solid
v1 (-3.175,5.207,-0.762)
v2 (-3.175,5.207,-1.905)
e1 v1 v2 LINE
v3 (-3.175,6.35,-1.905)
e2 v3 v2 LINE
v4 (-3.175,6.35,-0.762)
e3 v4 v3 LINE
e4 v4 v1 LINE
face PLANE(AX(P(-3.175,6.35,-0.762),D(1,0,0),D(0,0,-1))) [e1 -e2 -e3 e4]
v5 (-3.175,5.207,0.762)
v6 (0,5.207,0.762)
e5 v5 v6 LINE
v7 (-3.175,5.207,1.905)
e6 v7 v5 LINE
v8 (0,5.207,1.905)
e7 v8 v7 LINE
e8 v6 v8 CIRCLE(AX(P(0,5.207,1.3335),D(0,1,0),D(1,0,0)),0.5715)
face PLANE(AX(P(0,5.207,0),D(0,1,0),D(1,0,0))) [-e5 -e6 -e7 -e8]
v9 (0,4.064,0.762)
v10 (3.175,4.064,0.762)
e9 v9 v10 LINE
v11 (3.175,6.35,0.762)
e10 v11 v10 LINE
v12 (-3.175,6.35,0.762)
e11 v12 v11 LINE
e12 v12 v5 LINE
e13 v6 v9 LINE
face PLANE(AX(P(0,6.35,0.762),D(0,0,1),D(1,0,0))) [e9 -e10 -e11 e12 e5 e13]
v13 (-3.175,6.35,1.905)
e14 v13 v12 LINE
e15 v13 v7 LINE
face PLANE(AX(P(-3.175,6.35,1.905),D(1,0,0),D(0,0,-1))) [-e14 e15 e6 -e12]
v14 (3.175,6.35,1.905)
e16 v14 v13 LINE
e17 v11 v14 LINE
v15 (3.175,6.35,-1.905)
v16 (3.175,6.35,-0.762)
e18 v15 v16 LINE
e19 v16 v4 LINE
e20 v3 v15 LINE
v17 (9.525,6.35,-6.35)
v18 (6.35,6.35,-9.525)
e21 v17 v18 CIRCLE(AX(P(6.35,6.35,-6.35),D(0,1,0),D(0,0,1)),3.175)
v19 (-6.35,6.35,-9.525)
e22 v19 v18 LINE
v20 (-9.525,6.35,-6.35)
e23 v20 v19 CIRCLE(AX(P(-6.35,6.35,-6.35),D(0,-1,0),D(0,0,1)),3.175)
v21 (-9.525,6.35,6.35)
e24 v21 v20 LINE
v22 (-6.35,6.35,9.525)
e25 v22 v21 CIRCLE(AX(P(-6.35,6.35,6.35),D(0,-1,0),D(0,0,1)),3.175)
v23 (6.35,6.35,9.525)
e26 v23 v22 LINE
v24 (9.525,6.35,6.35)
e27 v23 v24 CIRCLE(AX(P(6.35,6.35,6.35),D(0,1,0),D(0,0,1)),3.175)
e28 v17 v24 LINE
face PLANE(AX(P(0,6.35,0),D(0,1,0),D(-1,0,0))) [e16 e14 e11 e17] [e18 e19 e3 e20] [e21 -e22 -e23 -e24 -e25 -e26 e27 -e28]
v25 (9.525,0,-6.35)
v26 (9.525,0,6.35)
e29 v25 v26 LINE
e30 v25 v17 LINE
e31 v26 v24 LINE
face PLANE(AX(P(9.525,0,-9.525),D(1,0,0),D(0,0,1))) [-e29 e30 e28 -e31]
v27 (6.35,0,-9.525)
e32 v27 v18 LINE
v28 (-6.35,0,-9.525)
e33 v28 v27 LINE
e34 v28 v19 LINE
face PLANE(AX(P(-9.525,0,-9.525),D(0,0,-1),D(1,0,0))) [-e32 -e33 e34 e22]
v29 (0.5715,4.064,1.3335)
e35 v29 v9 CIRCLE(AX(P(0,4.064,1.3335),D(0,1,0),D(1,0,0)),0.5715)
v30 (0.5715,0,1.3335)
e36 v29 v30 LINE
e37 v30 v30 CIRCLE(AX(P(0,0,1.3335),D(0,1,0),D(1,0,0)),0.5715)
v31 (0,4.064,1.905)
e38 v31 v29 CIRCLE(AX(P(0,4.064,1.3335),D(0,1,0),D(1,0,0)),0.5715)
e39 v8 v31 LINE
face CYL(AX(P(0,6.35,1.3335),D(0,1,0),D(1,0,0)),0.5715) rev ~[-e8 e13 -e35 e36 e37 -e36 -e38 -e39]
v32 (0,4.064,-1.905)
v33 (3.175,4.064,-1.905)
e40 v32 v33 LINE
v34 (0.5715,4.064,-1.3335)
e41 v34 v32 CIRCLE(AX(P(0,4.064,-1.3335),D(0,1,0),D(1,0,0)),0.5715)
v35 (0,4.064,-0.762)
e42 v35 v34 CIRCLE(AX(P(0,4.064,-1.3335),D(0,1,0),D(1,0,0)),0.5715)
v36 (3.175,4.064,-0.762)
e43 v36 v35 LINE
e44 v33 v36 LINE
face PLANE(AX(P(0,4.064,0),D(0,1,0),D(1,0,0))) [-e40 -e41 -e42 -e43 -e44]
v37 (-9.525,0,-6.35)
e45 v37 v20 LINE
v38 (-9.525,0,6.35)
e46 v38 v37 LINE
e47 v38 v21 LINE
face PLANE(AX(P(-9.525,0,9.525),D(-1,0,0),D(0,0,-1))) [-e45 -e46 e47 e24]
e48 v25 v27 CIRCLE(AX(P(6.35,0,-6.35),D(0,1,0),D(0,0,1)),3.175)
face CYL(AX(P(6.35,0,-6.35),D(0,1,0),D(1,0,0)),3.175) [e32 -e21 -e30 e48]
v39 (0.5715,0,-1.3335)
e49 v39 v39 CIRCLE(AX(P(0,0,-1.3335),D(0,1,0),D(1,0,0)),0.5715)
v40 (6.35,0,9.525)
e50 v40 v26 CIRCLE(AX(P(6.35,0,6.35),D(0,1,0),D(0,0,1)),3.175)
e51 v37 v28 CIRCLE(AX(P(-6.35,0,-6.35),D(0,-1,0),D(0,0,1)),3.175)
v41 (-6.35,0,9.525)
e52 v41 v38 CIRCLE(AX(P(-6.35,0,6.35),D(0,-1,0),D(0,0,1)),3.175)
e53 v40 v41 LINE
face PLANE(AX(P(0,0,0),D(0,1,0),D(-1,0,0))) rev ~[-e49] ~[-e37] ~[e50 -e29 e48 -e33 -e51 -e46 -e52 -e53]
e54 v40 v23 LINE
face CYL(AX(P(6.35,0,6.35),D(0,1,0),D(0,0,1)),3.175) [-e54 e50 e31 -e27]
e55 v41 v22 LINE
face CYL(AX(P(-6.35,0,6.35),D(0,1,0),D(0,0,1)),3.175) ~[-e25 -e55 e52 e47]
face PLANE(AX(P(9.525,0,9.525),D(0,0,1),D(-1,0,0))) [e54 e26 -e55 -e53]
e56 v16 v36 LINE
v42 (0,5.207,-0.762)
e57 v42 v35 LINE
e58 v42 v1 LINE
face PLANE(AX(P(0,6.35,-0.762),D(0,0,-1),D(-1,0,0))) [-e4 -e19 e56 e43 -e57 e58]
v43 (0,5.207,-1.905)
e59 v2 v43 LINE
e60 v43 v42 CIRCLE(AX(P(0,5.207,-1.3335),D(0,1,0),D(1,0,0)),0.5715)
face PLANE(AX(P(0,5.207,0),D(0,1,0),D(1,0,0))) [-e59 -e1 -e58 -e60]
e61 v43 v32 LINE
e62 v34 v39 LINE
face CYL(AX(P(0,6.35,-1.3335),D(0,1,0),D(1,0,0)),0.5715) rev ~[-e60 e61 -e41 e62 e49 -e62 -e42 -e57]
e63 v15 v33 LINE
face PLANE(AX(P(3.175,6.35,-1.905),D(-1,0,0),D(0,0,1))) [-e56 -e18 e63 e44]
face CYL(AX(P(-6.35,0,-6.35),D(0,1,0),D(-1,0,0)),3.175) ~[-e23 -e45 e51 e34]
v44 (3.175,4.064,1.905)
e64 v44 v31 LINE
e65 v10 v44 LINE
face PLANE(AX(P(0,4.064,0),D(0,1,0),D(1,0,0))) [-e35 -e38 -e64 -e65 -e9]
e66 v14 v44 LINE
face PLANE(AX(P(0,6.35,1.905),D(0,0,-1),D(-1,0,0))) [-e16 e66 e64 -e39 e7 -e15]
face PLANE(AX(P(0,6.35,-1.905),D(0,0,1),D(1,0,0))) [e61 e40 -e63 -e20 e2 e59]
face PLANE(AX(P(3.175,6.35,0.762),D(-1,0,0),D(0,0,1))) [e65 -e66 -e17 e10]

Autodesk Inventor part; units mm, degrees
ref_plane "YZ Plane" through (0, 0, 0) normal (1, 0, 0) x (0, 1, 0)
ref_plane "XZ Plane" through (0, 0, 0) normal (0, 1, 0) x (-1, 0, 0)
ref_plane "XY Plane" through (0, 0, 0) normal (0, 0, 1) x (1, 0, 0)
sketch "Sketch1" plane through (0, 0, 0) normal (0, 1, 0) x (-1, 0, 0)
  line L0 (-9.525, 9.525) -> (9.525, 9.525)
  line L1 (9.525, 9.525) -> (9.525, -9.525)
  line L2 (9.525, -9.525) -> (-9.525, -9.525)
  line L3 (-9.525, -9.525) -> (-9.525, 9.525)
  point P0 (0, 0)
  dimension "d0" = 19.05
  dimension "d1" = 19.05
  dimension "d2" = 9.525
  dimension "d3" = 9.525
extrude "Extrusion1" add sketch "Sketch1" along normal blind 6.35
sketch "Sketch2" plane through (0, 6.35, 0) normal (0, 1, 0) x (1, 0, 0)
  line L0 (-3.175, 1.905) -> (3.175, 1.905)
  line L1 (3.175, 1.905) -> (3.175, 0.762)
  line L2 (3.175, 0.762) -> (-3.175, 0.762)
  line L3 (-3.175, 0.762) -> (-3.175, 1.905)
  line L4 (-3.175, -0.762) -> (3.175, -0.762)
  line L5 (3.175, -0.762) -> (3.175, -1.905)
  line L6 (3.175, -1.905) -> (-3.175, -1.905)
  line L7 (-3.175, -1.905) -> (-3.175, -0.762)
  line L8 (0, 1.905) -> (0, 0.762)
  line L9 (0, -1.905) -> (0, -0.762)
  point P0 (0, 0)
  dimension "d6" = 6.35
  dimension "d7" = 1.143
  dimension "d8" = 3.175
  dimension "d11" = 1.524
  dimension "d12" = 0.762
  dimension "d13" = 6.35
  dimension "d14" = 1.143
extrude "Extrusion2" cut sketch "Sketch2" against normal blind 1.143 contours L0 L8 L2 L3 | L4 L9 L6 L7
extrude "Extrusion3" cut sketch "Sketch2" against normal blind 2.286 contours L0 L1 L2 L8 | L4 L5 L6 L9
sketch "Sketch3" plane through (0, 6.35, 0) normal (0, 1, 0) x (1, 0, 0)
  line L0 (0, -0.762) -> (0, -1.905) projected
  circle A0 centre (0, -1.3335) radius 0.5715
  line L1 (0, 0.762) -> (0, 1.905) projected
  circle A1 centre (0, 1.3335) radius 0.5715
  point P0 (0, 0)
extrude "Extrusion4" cut sketch "Sketch3" against normal through all
fillet "Fillet1" radius 3.175 4 edges at (-9.525, 3.175, 9.525) (9.525, 3.175, 9.525) (9.525, 3.175, -9.525) (-9.525, 3.175, -9.525)
properties part number "Unit_v2"
